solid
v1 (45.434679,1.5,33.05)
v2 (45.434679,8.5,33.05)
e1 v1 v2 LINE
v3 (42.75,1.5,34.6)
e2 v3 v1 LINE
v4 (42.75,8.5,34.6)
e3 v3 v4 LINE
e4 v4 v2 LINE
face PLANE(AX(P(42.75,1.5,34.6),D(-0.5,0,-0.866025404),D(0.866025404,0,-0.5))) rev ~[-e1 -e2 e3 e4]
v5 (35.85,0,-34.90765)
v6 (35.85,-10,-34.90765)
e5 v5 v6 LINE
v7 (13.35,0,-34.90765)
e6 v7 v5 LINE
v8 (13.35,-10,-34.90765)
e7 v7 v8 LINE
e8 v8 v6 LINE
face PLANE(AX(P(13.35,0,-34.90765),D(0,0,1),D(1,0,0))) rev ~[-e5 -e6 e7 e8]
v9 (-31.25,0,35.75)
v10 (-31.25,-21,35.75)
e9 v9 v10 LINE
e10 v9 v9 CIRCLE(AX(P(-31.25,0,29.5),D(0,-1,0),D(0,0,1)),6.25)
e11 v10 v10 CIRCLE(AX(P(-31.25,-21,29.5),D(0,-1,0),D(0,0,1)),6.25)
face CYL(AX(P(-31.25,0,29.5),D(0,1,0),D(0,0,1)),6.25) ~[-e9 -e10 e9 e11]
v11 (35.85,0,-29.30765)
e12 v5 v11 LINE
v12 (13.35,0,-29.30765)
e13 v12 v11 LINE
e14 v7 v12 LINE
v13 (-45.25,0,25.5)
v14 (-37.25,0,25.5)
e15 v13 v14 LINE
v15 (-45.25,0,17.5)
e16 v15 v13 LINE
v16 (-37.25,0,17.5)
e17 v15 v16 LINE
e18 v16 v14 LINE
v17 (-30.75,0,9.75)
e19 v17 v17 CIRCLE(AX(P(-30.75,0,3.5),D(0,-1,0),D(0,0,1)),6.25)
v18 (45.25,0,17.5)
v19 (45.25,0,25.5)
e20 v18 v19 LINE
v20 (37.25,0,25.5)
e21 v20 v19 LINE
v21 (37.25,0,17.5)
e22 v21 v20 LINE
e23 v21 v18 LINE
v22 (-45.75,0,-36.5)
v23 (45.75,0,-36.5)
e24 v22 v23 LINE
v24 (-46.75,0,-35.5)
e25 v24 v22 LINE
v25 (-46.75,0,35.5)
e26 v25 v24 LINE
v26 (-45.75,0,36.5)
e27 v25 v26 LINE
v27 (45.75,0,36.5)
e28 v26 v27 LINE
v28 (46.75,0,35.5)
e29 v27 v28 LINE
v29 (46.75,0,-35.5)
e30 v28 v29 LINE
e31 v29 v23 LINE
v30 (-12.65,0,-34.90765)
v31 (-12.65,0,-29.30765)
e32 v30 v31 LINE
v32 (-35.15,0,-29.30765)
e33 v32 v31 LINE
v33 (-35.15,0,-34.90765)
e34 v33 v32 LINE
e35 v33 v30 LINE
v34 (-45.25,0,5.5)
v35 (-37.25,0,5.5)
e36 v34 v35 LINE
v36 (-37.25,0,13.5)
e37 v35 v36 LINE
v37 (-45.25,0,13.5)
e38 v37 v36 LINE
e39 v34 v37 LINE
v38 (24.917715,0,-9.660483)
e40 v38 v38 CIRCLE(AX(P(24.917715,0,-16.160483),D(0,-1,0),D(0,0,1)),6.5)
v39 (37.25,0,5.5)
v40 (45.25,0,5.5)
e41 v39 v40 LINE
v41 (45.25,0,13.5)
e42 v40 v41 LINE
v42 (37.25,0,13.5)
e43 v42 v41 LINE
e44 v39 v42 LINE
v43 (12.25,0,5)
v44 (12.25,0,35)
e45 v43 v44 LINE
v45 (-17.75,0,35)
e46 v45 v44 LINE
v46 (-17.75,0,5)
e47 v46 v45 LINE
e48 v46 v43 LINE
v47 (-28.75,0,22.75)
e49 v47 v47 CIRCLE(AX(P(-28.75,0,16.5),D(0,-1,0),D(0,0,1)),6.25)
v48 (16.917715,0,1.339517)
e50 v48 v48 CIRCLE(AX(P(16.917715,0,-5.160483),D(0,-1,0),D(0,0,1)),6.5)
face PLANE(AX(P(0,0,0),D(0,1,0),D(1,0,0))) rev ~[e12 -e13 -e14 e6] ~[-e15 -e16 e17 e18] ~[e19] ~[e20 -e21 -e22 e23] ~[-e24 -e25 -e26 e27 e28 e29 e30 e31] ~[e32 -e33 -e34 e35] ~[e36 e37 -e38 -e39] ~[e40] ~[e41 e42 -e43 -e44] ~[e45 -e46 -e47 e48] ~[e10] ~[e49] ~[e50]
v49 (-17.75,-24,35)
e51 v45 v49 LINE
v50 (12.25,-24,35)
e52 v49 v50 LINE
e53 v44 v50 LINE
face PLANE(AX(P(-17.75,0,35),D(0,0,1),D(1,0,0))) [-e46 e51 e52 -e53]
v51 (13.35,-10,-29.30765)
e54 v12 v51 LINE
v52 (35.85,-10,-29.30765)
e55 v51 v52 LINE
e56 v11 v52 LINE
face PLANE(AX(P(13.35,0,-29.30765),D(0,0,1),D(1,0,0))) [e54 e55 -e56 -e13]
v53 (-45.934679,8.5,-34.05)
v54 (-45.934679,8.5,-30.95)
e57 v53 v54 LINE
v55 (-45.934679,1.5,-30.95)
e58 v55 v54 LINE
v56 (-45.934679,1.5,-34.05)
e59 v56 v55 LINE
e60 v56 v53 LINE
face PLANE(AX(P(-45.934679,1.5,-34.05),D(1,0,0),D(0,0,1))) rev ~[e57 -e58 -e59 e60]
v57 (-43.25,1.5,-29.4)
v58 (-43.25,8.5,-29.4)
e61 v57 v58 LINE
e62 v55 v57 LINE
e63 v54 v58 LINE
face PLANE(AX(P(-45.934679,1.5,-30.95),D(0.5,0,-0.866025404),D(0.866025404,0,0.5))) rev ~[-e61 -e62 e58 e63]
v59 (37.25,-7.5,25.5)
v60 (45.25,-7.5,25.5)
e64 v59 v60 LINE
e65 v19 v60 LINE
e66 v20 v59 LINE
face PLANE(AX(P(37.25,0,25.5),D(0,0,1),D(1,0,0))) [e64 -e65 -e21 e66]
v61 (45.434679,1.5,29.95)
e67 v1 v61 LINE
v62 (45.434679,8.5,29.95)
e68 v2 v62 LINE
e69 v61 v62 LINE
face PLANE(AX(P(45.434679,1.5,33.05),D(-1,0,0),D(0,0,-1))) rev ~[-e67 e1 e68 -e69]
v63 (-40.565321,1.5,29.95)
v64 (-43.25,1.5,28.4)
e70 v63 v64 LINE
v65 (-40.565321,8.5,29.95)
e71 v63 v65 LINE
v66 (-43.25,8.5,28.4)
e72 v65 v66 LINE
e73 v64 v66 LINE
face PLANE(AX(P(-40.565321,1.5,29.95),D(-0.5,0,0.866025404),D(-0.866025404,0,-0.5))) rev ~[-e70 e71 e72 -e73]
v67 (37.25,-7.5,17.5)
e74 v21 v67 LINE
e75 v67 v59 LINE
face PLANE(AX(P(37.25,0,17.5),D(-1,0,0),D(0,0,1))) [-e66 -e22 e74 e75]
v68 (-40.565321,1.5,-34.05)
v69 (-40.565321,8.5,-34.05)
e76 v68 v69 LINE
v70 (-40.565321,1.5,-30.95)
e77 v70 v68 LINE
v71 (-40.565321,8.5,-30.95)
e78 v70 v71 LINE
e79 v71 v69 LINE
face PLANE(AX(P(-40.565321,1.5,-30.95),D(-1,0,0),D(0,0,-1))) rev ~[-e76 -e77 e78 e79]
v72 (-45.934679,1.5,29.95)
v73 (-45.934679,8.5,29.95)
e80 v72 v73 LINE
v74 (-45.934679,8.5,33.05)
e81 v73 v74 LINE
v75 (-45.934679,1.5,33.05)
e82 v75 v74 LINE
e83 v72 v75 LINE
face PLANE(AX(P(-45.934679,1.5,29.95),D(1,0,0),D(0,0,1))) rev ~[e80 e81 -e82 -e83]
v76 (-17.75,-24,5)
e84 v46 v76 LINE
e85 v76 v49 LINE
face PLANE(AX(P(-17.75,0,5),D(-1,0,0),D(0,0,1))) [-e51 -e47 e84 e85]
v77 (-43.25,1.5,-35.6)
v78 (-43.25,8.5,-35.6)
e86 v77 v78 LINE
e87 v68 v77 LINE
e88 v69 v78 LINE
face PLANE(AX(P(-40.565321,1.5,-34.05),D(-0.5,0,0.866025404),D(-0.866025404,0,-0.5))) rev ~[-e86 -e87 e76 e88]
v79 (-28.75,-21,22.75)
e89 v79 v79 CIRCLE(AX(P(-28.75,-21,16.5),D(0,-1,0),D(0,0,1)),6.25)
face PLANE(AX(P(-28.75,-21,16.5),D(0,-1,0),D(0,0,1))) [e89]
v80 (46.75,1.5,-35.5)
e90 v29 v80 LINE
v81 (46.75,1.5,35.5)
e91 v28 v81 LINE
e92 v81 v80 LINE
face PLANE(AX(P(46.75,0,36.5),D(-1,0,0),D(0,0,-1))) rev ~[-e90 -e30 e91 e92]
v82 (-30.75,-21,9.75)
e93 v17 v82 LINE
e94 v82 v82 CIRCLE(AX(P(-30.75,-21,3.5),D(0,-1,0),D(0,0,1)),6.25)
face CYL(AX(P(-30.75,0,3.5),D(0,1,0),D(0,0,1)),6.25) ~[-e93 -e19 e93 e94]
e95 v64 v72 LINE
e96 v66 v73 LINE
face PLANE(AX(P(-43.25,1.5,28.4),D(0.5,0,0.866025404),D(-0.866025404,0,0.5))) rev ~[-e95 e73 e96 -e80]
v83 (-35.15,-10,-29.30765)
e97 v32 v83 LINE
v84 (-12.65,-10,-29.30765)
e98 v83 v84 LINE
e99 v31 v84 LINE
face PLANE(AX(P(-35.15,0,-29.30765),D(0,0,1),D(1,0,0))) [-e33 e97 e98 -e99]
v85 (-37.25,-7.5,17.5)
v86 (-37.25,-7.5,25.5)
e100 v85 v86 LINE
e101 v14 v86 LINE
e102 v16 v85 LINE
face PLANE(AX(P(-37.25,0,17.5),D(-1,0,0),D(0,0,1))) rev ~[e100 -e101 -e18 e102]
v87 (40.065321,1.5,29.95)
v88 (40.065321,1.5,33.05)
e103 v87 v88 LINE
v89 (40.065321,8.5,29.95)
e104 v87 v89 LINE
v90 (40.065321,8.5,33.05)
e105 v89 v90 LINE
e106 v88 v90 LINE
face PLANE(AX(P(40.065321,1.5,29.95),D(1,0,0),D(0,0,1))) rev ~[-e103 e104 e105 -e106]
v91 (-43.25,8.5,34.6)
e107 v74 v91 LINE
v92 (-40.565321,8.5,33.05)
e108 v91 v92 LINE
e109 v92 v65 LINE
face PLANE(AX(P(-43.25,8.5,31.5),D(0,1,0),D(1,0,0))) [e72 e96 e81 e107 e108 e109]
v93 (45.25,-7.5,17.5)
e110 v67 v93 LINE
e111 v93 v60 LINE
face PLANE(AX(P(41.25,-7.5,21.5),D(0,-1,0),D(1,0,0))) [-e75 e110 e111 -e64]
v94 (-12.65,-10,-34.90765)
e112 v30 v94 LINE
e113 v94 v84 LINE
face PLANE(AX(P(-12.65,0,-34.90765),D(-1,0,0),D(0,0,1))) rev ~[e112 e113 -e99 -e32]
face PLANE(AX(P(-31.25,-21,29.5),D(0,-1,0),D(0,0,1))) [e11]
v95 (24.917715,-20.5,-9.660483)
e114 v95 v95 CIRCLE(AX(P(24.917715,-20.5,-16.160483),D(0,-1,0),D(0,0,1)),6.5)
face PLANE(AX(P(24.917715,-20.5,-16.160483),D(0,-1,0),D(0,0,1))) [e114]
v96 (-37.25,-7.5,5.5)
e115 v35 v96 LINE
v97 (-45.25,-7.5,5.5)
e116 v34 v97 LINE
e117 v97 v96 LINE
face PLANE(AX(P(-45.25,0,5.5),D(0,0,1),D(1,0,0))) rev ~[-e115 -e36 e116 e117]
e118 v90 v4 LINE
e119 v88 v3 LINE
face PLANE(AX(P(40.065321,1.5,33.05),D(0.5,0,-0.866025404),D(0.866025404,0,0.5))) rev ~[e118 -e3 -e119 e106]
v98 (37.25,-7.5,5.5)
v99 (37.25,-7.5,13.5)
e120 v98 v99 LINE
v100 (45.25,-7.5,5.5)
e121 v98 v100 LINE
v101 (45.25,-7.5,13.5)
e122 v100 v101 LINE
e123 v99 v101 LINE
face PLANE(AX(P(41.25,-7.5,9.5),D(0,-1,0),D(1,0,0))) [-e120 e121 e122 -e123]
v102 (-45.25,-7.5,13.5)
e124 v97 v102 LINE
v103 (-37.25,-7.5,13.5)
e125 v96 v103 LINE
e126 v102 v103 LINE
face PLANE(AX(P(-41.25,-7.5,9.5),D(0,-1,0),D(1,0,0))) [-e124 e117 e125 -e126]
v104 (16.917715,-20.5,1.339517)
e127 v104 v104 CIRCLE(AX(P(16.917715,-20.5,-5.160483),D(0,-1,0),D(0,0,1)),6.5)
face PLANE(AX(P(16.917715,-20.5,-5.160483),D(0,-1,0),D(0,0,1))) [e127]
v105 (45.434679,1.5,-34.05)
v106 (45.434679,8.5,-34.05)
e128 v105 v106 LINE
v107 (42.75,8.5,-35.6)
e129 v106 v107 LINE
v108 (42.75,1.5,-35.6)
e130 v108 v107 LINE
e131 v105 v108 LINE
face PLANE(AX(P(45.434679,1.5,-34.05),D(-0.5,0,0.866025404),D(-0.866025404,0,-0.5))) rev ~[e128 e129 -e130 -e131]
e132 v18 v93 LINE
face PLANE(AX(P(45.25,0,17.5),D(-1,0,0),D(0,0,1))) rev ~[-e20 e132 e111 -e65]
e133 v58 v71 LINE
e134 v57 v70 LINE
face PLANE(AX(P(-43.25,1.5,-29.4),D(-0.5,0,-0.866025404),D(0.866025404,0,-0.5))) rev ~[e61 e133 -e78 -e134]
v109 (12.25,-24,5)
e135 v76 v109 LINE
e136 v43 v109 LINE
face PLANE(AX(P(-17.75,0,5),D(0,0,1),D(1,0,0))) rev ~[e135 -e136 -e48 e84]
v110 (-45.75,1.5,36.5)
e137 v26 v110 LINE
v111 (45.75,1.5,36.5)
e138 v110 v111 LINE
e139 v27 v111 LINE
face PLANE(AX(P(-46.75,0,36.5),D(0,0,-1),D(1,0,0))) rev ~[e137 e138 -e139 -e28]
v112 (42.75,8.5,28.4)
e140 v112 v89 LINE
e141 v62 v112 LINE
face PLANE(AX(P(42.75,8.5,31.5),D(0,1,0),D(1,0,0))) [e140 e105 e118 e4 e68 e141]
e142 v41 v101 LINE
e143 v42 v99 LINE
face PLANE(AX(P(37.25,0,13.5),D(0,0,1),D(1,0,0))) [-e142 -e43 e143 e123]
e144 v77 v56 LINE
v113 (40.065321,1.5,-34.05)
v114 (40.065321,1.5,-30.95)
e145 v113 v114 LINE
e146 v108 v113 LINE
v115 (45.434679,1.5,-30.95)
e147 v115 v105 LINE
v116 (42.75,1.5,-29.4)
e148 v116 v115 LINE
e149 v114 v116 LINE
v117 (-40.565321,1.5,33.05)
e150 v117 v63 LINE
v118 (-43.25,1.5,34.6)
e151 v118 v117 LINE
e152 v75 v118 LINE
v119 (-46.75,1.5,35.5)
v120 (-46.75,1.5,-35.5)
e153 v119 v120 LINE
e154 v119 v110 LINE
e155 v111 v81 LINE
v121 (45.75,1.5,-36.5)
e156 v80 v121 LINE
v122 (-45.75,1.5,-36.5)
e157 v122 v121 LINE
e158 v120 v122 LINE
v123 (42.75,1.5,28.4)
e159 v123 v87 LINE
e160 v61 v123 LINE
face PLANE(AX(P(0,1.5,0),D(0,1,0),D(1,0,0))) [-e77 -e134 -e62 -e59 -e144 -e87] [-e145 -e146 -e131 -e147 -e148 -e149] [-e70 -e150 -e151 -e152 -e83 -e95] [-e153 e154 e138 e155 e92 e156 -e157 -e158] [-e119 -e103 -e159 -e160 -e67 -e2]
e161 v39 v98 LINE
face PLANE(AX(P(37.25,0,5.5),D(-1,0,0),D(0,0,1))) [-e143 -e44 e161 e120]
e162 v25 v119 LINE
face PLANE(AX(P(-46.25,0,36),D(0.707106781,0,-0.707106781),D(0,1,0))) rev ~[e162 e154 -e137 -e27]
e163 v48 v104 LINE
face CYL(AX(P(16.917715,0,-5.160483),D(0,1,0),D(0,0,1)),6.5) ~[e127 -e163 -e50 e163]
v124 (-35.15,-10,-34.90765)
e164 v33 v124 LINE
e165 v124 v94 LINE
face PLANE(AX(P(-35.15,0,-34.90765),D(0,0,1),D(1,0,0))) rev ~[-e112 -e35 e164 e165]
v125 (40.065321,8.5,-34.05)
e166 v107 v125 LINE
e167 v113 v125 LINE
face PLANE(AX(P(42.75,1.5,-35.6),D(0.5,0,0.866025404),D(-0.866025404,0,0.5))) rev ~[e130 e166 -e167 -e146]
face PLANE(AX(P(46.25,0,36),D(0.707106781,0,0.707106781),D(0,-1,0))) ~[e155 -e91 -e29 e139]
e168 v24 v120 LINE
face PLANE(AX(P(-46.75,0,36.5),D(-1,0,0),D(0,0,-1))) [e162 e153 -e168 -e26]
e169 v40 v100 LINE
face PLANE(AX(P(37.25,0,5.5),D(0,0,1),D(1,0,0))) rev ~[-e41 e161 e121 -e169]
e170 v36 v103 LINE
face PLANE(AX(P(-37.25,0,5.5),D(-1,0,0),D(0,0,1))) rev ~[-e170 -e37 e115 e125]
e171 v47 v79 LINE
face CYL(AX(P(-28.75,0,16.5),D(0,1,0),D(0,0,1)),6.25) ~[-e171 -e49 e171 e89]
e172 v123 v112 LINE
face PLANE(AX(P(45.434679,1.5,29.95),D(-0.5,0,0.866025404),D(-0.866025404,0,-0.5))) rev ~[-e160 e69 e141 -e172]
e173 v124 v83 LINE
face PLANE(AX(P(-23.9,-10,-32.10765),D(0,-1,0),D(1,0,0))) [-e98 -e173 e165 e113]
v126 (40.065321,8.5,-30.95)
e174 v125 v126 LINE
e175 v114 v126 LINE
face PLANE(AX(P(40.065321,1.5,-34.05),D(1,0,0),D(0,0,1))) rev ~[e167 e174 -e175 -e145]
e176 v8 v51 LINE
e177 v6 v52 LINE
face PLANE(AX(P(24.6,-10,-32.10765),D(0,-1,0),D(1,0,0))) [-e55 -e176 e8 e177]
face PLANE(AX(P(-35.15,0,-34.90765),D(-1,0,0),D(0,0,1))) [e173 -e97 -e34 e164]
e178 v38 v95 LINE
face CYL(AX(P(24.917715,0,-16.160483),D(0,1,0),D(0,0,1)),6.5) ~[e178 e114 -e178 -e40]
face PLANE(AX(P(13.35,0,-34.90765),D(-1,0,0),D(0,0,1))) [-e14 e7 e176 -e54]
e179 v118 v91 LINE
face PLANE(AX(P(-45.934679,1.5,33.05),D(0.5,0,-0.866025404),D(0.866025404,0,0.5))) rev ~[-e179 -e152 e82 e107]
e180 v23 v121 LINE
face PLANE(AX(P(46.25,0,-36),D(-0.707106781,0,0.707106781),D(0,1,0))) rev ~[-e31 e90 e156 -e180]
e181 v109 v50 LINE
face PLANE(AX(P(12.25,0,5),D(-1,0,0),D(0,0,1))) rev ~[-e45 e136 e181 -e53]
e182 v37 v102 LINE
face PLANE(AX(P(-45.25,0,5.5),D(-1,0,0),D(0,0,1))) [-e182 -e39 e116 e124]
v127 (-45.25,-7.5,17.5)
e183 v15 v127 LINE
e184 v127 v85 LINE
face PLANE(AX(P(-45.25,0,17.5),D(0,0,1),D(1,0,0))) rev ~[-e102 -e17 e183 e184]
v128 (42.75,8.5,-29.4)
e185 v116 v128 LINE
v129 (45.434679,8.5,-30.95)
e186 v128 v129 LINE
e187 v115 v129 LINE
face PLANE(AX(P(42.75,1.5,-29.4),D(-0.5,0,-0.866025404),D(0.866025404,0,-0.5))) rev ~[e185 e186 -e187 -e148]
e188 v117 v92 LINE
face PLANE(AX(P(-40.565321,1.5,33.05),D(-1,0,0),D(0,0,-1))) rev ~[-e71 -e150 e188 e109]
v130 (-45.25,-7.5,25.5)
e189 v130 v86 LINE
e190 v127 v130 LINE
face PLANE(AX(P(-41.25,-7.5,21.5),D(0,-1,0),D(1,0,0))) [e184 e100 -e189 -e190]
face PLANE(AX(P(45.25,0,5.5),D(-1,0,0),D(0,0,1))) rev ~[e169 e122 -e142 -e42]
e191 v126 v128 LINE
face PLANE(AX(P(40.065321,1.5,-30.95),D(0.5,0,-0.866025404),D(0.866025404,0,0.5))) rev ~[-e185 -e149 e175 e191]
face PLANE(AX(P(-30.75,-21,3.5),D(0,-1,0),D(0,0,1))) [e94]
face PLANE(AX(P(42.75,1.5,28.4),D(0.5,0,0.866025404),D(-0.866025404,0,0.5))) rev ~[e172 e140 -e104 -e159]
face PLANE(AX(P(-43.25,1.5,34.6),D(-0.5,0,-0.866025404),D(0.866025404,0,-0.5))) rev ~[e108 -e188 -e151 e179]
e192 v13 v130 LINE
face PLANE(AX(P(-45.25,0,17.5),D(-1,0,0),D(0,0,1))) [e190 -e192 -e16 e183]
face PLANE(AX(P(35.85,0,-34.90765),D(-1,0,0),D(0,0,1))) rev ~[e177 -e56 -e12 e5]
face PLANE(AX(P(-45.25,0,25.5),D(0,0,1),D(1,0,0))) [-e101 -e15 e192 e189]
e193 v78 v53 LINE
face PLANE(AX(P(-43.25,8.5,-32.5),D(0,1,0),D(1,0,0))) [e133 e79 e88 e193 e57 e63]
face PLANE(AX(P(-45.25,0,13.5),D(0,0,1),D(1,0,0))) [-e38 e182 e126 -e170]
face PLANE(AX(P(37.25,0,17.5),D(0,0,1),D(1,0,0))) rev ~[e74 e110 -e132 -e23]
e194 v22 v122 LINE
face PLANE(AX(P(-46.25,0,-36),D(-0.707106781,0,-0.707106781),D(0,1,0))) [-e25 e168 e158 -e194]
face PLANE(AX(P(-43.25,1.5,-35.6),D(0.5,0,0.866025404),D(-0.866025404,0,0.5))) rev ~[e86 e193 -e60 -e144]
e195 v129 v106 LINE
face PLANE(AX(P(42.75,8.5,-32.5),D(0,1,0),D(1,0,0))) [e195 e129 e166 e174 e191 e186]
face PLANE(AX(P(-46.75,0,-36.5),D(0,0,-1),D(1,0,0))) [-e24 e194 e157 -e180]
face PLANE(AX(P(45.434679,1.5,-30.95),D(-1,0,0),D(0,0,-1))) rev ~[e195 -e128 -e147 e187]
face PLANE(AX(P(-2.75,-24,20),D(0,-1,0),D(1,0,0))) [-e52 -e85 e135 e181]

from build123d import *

# Parameters (mm, degrees)
SKETCH_1_W       = 93.5
SKETCH_1_H       = 73
EXTRUDE_1_DEPTH  = 1.5
CHAMFER_1_SIZE   = 1
EXTRUDE_2_DEPTH  = 7
SKETCH_3_W       = 30
SKETCH_3_H       = 30
EXTRUDE_3_DEPTH  = 24
SKETCH_4_R       = 6.25
EXTRUDE_4_DEPTH  = 21
SKETCH_5_R       = 6.25
EXTRUDE_5_DEPTH  = 21
SKETCH_6_R       = 6.25
EXTRUDE_6_DEPTH  = 21
SKETCH_8_W       = 8
SKETCH_8_H       = 8
EXTRUDE_7_DEPTH  = 7.5
SKETCH_9_R       = 6.5
EXTRUDE_9_DEPTH  = 20.5
SKETCH_10_W      = 22.5
SKETCH_10_H      = 5.6
EXTRUDE_10_DEPTH = 10


with BuildPart() as part:
    # Эскиз1 → Бобышка-Вытянуть1 (new body)
    with BuildSketch(Plane(origin=(0, 0, 0), x_dir=(1, 0, 0), z_dir=(0, 1, 0))):
        Rectangle(SKETCH_1_W, SKETCH_1_H)
    extrude(amount=EXTRUDE_1_DEPTH)

    # Фаска1
    chamfer_1_edges = [part.edges().sort_by_distance(p)[0] for p in [
        (46.75, 0.75, 36.5),
        (-46.75, 0.75, 36.5),
        (-46.75, 0.75, -36.5),
        (46.75, 0.75, -36.5),
    ]]
    chamfer(chamfer_1_edges, length=CHAMFER_1_SIZE)

    # Эскиз2 → Бобышка-Вытянуть2 (add)
    with BuildSketch(Plane(origin=(0, 1.5, 0), x_dir=(1, 0, 0), z_dir=(0, 1, 0))):
        Polygon((42.75, 35.6), (40.065321248, 34.05), (40.065321248, 30.95), (42.75, 29.4), (45.434678752, 30.95), (45.434678752, 34.05), align=None)
        Polygon((-43.25, 35.6), (-45.934678752, 34.05), (-45.934678752, 30.95), (-43.25, 29.4), (-40.565321248, 30.95), (-40.565321248, 34.05), align=None)
        Polygon((42.75, -28.4), (40.065321248, -29.95), (40.065321248, -33.05), (42.75, -34.6), (45.434678752, -33.05), (45.434678752, -29.95), align=None)
        Polygon((-43.25, -28.4), (-45.934678752, -29.95), (-45.934678752, -33.05), (-43.25, -34.6), (-40.565321248, -33.05), (-40.565321248, -29.95), align=None)
    extrude(amount=EXTRUDE_2_DEPTH)

    # Эскиз3 → Бобышка-Вытянуть3 (add)
    with BuildSketch(Plane.XZ):
        with Locations((-2.75, 20)):
            Rectangle(SKETCH_3_W, SKETCH_3_H)
    extrude(amount=EXTRUDE_3_DEPTH)

    # Эскиз4 → Бобышка-Вытянуть4 (add)
    with BuildSketch(Plane.XZ):
        with Locations(Location((-31.25, 29.5, 0), (0, 0, 90))):
            Circle(SKETCH_4_R)
    extrude(amount=EXTRUDE_4_DEPTH)

    # Эскиз5 → Бобышка-Вытянуть5 (add)
    with BuildSketch(Plane.XZ):
        with Locations(Location((-28.75, 16.5, 0), (0, 0, 90))):
            Circle(SKETCH_5_R)
    extrude(amount=EXTRUDE_5_DEPTH)

    # Эскиз6 → Бобышка-Вытянуть6 (add)
    with BuildSketch(Plane.XZ):
        with Locations(Location((-30.75, 3.5, 0), (0, 0, 90))):
            Circle(SKETCH_6_R)
    extrude(amount=EXTRUDE_6_DEPTH)

    # Эскиз8 → Бобышка-Вытянуть7 (add)
    with BuildSketch(Plane.XZ):
        with Locations((-41.25, 21.5)):
            Rectangle(SKETCH_8_W, SKETCH_8_H)
        with Locations((-41.25, 9.5)):
            Rectangle(SKETCH_8_W, SKETCH_8_H)
        with Locations((41.25, 21.5)):
            Rectangle(SKETCH_8_W, SKETCH_8_H)
        with Locations((41.25, 9.5)):
            Rectangle(SKETCH_8_W, SKETCH_8_H)
    extrude(amount=EXTRUDE_7_DEPTH)

    # Эскиз9 → Бобышка-Вытянуть9 (add)
    with BuildSketch(Plane.XZ):
        with Locations(Location((16.917714538, -5.160483157, 0), (0, 0, 90))):
            Circle(SKETCH_9_R)
        with Locations(Location((24.917714538, -16.160483157, 0), (0, 0, 90))):
            Circle(SKETCH_9_R)
    extrude(amount=EXTRUDE_9_DEPTH)

    # Эскиз10 → Бобышка-Вытянуть10 (add)
    with BuildSketch(Plane.XZ):
        with Locations((-23.9, -32.107649626)):
            Rectangle(SKETCH_10_W, SKETCH_10_H)
        with Locations((24.6, -32.107649626)):
            Rectangle(SKETCH_10_W, SKETCH_10_H)
    extrude(amount=EXTRUDE_10_DEPTH)


solid = part.part
